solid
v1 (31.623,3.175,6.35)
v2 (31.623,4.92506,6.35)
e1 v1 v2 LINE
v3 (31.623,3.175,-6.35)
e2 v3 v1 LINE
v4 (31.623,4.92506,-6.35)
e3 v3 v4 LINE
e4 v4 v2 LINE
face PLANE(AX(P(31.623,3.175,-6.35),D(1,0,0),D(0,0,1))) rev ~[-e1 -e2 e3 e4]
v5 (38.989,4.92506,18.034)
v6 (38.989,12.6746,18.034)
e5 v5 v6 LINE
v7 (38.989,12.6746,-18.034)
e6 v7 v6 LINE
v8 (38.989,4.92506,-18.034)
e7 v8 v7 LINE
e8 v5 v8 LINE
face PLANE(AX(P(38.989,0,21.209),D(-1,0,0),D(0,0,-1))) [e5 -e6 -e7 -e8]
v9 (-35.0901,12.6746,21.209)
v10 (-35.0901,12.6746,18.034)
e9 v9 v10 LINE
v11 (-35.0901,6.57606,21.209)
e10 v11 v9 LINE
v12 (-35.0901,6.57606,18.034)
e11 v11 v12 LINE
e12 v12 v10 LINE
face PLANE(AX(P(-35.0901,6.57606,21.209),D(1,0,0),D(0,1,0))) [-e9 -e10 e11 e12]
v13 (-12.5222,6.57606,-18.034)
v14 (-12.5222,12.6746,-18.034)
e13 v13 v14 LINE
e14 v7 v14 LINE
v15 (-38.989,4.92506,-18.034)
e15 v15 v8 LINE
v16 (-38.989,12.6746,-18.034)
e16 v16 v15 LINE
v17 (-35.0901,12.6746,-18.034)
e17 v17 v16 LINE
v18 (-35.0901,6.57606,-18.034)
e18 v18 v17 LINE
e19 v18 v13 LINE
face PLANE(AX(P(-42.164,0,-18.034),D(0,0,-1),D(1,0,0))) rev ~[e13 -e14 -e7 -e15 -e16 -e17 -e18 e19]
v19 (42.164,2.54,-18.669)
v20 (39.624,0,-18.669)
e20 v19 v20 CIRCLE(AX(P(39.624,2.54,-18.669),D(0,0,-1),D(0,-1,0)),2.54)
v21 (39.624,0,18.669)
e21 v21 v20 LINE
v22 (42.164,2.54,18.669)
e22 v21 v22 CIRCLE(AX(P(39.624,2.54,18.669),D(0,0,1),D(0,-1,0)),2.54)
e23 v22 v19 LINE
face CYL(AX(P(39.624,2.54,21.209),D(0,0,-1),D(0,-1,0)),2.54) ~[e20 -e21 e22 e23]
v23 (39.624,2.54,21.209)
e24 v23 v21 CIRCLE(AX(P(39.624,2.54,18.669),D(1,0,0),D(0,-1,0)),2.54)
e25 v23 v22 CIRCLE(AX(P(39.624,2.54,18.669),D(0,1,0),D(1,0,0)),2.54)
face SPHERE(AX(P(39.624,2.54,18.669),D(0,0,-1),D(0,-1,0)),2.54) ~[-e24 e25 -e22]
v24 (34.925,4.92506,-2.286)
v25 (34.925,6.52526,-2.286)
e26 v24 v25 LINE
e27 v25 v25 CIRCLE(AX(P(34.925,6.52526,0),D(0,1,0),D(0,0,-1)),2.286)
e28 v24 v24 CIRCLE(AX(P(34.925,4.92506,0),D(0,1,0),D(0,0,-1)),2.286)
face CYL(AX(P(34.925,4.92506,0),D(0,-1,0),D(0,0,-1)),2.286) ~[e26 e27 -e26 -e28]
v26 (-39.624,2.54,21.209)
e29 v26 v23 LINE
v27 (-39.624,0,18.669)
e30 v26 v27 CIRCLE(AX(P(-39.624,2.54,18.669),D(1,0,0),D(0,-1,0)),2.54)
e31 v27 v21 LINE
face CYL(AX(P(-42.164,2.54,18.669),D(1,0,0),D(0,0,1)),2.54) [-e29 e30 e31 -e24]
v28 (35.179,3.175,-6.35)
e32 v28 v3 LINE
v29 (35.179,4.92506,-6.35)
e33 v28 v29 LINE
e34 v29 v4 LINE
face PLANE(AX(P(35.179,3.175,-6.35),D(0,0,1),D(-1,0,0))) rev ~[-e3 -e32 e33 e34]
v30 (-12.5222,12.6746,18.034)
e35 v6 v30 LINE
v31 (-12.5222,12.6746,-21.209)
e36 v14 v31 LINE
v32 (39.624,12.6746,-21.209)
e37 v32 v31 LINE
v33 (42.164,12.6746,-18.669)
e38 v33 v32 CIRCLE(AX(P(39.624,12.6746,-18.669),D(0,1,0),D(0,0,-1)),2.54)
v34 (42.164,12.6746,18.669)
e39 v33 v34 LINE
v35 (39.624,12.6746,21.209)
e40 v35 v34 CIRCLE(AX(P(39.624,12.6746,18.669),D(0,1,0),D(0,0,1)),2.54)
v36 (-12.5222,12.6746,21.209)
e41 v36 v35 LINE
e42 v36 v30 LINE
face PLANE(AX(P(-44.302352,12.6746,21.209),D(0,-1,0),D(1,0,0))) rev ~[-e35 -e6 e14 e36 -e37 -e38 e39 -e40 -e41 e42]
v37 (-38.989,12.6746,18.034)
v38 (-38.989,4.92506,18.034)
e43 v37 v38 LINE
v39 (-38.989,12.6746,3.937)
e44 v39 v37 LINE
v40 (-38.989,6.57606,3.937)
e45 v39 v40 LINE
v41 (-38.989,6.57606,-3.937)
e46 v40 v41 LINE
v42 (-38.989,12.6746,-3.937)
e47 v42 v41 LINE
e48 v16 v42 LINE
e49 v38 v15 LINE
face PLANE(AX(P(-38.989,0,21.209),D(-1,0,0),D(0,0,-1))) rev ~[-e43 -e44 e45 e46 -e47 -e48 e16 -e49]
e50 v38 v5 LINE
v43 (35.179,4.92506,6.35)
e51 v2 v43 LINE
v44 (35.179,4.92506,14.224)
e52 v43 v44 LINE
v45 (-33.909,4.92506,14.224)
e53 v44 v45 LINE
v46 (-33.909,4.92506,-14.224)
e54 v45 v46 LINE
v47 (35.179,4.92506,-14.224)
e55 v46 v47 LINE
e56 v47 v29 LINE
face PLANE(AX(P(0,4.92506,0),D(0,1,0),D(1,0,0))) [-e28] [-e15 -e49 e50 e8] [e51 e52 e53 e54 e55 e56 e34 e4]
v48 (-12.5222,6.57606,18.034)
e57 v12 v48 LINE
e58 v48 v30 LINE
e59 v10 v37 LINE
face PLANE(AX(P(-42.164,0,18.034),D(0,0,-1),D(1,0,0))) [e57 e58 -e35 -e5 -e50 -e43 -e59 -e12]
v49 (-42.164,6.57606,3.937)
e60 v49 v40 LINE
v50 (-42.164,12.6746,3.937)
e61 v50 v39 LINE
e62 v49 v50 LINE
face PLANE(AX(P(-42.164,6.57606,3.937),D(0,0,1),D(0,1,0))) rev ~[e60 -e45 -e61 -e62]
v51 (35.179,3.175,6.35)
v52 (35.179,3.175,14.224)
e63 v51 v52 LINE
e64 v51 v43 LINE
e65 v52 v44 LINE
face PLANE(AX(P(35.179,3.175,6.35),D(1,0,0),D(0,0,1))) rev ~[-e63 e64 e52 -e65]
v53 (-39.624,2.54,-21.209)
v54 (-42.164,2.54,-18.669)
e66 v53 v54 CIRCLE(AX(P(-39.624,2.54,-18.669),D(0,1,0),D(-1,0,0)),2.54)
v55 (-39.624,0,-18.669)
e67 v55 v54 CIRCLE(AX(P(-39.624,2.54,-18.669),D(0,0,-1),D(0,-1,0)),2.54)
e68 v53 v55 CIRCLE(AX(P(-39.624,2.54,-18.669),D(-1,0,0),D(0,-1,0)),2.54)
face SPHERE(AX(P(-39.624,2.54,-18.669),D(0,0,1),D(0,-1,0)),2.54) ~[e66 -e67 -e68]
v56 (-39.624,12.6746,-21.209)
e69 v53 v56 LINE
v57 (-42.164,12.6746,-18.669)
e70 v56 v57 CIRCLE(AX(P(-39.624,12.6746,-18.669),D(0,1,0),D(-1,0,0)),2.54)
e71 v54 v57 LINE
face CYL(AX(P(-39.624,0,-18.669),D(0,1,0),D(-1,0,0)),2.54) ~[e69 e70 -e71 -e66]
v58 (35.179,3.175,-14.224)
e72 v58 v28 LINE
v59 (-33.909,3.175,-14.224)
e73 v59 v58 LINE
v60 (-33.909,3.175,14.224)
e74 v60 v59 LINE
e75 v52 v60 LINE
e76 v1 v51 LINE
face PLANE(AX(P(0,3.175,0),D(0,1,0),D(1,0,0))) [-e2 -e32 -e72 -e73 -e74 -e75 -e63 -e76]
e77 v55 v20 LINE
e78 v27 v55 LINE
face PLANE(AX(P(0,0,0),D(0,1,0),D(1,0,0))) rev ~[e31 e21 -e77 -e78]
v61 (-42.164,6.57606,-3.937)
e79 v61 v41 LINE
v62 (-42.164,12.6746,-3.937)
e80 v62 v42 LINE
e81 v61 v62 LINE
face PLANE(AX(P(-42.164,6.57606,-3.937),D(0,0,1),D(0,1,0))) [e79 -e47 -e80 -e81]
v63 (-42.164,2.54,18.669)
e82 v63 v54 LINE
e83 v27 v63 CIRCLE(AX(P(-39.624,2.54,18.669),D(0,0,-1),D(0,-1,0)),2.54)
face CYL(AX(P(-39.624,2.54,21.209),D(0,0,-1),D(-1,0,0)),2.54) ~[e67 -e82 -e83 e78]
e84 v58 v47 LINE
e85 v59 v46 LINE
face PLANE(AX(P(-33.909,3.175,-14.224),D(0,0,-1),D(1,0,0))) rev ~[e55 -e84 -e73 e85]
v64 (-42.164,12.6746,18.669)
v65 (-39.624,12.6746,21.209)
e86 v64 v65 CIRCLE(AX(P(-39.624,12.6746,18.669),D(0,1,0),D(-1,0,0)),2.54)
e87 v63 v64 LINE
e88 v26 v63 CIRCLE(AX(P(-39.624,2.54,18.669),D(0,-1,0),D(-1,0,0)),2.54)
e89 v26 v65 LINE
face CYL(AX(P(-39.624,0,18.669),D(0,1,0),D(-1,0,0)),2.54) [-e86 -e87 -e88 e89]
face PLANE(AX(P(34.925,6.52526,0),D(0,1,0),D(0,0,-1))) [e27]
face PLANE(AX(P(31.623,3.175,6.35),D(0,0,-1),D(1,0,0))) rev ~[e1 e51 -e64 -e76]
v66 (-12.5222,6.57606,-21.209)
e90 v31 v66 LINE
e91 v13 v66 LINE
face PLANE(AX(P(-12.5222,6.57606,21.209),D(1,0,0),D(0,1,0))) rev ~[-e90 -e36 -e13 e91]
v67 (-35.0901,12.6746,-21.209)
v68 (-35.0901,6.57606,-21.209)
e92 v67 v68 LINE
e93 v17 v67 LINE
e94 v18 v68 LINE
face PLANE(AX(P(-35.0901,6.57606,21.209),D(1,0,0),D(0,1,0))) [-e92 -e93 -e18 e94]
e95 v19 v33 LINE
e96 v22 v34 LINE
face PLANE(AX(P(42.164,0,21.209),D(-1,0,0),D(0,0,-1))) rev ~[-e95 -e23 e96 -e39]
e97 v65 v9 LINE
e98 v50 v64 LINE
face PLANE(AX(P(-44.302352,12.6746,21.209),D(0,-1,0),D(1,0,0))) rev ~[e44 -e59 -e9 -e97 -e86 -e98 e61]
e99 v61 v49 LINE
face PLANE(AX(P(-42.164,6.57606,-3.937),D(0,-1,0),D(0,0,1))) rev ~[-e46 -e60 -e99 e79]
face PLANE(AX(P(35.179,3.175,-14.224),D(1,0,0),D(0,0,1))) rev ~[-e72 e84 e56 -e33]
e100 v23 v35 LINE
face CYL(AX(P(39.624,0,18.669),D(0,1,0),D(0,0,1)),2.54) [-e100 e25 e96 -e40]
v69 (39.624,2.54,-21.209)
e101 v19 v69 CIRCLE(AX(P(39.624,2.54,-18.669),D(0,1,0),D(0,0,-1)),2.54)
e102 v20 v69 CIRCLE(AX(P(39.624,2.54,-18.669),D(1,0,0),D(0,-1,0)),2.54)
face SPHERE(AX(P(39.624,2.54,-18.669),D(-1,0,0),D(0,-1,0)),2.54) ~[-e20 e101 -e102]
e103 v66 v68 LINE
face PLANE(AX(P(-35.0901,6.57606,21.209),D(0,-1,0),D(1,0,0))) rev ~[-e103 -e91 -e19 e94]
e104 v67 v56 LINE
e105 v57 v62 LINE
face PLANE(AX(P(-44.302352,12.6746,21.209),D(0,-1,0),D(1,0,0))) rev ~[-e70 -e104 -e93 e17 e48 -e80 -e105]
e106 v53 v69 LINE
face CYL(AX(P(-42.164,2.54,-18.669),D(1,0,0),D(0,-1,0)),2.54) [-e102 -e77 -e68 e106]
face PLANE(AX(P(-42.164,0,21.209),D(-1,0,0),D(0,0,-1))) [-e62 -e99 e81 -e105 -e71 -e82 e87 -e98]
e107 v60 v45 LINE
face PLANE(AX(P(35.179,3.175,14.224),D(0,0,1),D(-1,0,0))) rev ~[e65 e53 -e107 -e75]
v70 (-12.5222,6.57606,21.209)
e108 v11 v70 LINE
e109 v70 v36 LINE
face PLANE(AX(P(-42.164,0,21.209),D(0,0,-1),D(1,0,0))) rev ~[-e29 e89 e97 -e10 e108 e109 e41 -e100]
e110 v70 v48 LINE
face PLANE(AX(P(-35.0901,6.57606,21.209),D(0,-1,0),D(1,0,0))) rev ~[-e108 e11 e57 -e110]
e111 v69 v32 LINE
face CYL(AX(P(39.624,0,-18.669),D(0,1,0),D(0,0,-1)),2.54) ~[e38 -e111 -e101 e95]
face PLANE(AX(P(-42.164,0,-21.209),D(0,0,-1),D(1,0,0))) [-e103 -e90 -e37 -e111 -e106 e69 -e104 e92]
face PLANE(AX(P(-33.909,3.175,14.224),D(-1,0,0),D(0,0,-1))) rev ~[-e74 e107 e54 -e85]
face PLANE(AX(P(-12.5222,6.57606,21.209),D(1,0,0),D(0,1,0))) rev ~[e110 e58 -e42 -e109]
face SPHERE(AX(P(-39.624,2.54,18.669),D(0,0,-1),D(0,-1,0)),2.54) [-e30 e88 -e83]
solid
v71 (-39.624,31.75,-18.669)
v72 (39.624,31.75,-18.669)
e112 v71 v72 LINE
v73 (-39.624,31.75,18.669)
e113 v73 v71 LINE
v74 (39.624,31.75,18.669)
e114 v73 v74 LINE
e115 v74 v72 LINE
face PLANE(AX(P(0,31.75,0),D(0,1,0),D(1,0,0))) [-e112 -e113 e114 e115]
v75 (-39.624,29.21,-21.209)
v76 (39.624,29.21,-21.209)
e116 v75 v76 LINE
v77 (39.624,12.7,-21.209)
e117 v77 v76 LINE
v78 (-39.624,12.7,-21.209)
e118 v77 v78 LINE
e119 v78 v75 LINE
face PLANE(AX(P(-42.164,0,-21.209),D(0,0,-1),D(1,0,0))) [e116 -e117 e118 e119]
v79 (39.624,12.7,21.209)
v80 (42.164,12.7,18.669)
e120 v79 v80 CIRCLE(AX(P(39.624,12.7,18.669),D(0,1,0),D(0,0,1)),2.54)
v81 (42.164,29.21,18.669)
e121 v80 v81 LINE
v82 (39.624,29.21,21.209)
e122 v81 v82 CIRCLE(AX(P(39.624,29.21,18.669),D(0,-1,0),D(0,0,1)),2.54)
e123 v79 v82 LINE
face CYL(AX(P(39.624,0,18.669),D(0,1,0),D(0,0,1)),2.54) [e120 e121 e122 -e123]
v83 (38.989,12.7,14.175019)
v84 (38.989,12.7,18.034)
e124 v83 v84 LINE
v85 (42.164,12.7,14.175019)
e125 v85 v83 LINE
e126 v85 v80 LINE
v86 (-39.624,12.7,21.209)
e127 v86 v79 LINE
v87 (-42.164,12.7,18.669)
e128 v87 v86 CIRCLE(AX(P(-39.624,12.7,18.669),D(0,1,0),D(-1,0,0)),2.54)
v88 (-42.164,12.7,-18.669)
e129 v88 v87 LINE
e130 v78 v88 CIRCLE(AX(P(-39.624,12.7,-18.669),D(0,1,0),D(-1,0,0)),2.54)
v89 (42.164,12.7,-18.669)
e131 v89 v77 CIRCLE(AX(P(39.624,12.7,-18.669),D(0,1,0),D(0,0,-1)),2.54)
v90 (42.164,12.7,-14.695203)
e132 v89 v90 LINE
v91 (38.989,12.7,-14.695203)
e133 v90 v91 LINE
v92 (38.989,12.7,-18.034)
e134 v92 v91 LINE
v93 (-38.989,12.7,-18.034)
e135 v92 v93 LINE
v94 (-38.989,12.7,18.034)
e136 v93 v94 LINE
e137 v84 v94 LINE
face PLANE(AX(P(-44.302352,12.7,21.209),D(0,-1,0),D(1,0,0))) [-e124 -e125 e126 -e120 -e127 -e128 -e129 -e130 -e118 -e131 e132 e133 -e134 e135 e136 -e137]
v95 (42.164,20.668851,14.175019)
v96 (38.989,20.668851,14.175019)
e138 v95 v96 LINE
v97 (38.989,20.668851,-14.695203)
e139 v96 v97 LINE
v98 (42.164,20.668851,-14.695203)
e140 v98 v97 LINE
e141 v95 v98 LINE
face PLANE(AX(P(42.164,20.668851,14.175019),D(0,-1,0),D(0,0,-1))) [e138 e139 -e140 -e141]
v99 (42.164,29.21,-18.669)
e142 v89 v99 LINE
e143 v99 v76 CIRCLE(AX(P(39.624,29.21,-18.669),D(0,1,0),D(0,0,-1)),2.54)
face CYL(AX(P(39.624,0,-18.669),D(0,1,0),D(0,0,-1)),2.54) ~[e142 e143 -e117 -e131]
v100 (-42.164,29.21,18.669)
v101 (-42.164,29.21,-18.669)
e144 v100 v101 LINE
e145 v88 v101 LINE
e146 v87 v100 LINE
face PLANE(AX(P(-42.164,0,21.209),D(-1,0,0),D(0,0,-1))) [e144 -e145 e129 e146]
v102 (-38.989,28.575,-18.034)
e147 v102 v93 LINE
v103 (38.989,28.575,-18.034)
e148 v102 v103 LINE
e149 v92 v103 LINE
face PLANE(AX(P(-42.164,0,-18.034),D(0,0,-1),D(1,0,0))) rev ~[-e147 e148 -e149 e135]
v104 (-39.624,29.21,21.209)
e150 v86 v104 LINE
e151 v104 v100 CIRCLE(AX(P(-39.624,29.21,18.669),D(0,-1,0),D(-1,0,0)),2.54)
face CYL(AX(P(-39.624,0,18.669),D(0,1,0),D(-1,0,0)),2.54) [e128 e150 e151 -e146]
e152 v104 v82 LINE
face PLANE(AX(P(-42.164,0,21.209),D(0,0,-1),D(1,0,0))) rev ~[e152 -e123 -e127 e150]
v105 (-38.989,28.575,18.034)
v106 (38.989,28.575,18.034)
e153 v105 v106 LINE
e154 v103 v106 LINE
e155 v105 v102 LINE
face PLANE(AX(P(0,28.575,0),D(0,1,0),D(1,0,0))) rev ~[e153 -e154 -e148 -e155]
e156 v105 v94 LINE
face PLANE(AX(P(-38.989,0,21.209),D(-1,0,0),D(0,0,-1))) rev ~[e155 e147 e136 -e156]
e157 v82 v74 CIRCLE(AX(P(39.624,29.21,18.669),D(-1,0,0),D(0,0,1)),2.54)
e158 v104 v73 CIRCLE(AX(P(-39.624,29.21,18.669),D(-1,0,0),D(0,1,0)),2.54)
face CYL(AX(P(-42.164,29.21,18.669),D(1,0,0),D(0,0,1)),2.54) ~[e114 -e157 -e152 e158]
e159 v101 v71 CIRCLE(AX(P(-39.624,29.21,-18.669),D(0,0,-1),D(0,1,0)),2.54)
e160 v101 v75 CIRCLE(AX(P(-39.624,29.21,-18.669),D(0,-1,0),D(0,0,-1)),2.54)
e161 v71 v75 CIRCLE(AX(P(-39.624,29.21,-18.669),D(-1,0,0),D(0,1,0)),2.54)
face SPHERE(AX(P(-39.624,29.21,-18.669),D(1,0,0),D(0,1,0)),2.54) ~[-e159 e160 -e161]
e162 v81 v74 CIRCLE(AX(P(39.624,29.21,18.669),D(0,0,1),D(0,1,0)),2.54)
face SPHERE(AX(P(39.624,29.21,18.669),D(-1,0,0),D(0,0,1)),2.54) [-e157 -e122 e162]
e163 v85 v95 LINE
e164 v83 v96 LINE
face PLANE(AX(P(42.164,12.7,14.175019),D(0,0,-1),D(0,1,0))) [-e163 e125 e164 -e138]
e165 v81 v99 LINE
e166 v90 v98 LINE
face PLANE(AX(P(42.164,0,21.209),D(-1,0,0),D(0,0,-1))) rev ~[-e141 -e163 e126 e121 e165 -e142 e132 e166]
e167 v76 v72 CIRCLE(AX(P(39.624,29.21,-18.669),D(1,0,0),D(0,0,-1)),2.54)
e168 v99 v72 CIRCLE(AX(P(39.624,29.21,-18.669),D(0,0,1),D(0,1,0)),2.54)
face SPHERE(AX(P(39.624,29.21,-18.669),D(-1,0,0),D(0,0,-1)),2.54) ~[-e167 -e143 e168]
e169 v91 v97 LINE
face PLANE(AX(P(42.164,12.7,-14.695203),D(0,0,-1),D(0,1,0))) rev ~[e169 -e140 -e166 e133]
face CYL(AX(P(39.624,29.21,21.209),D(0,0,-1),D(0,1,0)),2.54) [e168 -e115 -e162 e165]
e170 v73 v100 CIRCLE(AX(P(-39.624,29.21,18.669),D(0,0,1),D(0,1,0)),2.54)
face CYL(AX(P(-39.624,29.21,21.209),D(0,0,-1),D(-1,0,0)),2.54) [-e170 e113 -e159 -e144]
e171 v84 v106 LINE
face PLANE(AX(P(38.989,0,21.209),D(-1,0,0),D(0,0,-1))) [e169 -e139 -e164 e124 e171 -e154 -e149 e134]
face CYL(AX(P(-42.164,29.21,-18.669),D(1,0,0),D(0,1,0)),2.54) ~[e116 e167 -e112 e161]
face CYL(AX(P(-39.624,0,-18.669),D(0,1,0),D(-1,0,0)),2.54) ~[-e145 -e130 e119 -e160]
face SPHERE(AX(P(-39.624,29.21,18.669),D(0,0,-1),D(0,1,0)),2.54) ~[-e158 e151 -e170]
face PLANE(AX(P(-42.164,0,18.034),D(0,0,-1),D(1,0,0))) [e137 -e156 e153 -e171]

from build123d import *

# Parameters (mm, degrees)
SKETCH1_W           = 84.328
SKETCH1_H           = 42.418
BOSS_EXTRUDE1_DEPTH = 31.75
SKETCH2_W           = 22.5679
SKETCH2_H           = 6.09854
CUT_EXTRUDE1_DEPTH  = 68.713751336
SHELL1_T            = -3.175
CUT_EXTRUDE3_REACH  = 94.569
SKETCH4_W           = 7.874
SKETCH4_H           = 6.09854
FILLET1_R           = 2.54
SKETCH5_W           = 89.038189856
SKETCH5_H           = 0.0254
CUT_EXTRUDE4_DEPTH  = 68.713751336
SKETCH6_W           = 77.978
SKETCH6_H           = 36.068
BOSS_EXTRUDE2_DEPTH = 1.75006
SKETCH7_R           = 2.286
BOSS_EXTRUDE3_DEPTH = 1.6002
SKETCH9_W           = 28.870221249
SKETCH9_H           = 7.968851024
CUT_EXTRUDE5_DEPTH  = 3.175


with BuildPart() as part:
    # Sketch1 → Boss-Extrude1 (new body)
    with BuildSketch(Plane(origin=(0, 0, 0), x_dir=(1, 0, 0), z_dir=(0, 1, 0))):
        Rectangle(SKETCH1_W, SKETCH1_H)
    extrude(amount=BOSS_EXTRUDE1_DEPTH)

    # Sketch2 → Cut-Extrude1 (cut, through all)
    with BuildSketch(Plane.XY.offset(21.209)):
        with Locations((-23.80615, 9.62533)):
            Rectangle(SKETCH2_W, SKETCH2_H)
    extrude(amount=-CUT_EXTRUDE1_DEPTH, mode=Mode.SUBTRACT)

    # Shell1
    shell1_openings = [part.faces().sort_by_distance(p)[0] for p in [
        (-35.0901, 9.62533, 0),
        (-23.80615, 12.6746, 0),
        (-12.5222, 9.62533, 0),
        (-23.80615, 6.57606, 0),
    ]]
    offset(amount=SHELL1_T, openings=shell1_openings, kind=Kind.INTERSECTION)

    # Sketch4 → Cut-Extrude3 (cut, up to next)
    with BuildSketch(Plane.ZY.offset(42.164), mode=Mode.PRIVATE) as cut_extrude3_sk1:
        with Locations((0, 9.62533)):
            Rectangle(SKETCH4_W, SKETCH4_H)
    cut_extrude3_tool1 = extrude(cut_extrude3_sk1.sketch, amount=-CUT_EXTRUDE3_REACH, mode=Mode.PRIVATE) & part.part
    add(cut_extrude3_tool1.solids().sort_by_distance((-42.164, 9.62533, 0))[0], mode=Mode.SUBTRACT)

    # Fillet1
    fillet1_edges = [part.edges().sort_by_distance(p)[0] for p in [
        (0, 31.75, -21.209),
        (-42.164, 31.75, 0),
        (0, 31.75, 21.209),
        (-42.164, 0, 0),
        (0, 0, -21.209),
        (42.164, 0, 0),
        (0, 0, 21.209),
        (-42.164, 15.875, 21.209),
        (-42.164, 15.875, -21.209),
        (42.164, 15.875, -21.209),
        (42.164, 15.875, 21.209),
        (42.164, 31.75, 0),
    ]]
    fillet(fillet1_edges, radius=FILLET1_R)

    # Sketch5 → Cut-Extrude4 (cut, through all)
    with BuildSketch(Plane.XY.offset(21.209)):
        with Locations((0.216743403, 12.6873)):
            Rectangle(SKETCH5_W, SKETCH5_H)
    extrude(amount=-CUT_EXTRUDE4_DEPTH, mode=Mode.SUBTRACT)


with BuildPart() as cut_extrude4_piece_1:
    # of the separate pieces the step leaves, piece 1, a body of its own (cut_extrude4_pieces)
    add(part.part.solids().sort_by_distance((-39.624, 12.7, 21.209))[0])

    # Sketch9 → Cut-Extrude5 (cut)
    with BuildSketch(Plane(origin=(42.164, 0, 0), x_dir=(0, 0, -1), z_dir=(1, 0, 0))):
        with Locations((0.260092084, 16.684425512)):
            Rectangle(SKETCH9_W, SKETCH9_H)
    extrude(amount=-CUT_EXTRUDE5_DEPTH, mode=Mode.SUBTRACT)


with BuildPart() as cut_extrude4_piece_2:
    # of the separate pieces the step leaves, piece 2, a body of its own (cut_extrude4_pieces)
    add(part.part.solids().sort_by_distance((-39.624, 2.54, 21.209))[0])

    # Sketch6 → Boss-Extrude2 (add)
    with BuildSketch(Plane(origin=(0, 3.175, 0), x_dir=(1, 0, 0), z_dir=(0, 1, 0))):
        Rectangle(SKETCH6_W, SKETCH6_H)
        Polygon((-33.909, -14.224), (-33.909, 14.224), (35.179, 14.224), (35.179, 6.35), (31.623, 6.35), (31.623, -6.35), (35.179, -6.35), (35.179, -14.224), align=None, mode=Mode.SUBTRACT)
    extrude(amount=BOSS_EXTRUDE2_DEPTH)

    # Sketch7 → Boss-Extrude3 (add)
    with BuildSketch(Plane(origin=(0, 4.92506, 0), x_dir=(1, 0, 0), z_dir=(0, 1, 0))):
        with Locations(Location((34.925, 0, 0), (0, 0, 90))):
            Circle(SKETCH7_R)
    extrude(amount=BOSS_EXTRUDE3_DEPTH)


solid = Compound([cut_extrude4_piece_1.part, cut_extrude4_piece_2.part])
